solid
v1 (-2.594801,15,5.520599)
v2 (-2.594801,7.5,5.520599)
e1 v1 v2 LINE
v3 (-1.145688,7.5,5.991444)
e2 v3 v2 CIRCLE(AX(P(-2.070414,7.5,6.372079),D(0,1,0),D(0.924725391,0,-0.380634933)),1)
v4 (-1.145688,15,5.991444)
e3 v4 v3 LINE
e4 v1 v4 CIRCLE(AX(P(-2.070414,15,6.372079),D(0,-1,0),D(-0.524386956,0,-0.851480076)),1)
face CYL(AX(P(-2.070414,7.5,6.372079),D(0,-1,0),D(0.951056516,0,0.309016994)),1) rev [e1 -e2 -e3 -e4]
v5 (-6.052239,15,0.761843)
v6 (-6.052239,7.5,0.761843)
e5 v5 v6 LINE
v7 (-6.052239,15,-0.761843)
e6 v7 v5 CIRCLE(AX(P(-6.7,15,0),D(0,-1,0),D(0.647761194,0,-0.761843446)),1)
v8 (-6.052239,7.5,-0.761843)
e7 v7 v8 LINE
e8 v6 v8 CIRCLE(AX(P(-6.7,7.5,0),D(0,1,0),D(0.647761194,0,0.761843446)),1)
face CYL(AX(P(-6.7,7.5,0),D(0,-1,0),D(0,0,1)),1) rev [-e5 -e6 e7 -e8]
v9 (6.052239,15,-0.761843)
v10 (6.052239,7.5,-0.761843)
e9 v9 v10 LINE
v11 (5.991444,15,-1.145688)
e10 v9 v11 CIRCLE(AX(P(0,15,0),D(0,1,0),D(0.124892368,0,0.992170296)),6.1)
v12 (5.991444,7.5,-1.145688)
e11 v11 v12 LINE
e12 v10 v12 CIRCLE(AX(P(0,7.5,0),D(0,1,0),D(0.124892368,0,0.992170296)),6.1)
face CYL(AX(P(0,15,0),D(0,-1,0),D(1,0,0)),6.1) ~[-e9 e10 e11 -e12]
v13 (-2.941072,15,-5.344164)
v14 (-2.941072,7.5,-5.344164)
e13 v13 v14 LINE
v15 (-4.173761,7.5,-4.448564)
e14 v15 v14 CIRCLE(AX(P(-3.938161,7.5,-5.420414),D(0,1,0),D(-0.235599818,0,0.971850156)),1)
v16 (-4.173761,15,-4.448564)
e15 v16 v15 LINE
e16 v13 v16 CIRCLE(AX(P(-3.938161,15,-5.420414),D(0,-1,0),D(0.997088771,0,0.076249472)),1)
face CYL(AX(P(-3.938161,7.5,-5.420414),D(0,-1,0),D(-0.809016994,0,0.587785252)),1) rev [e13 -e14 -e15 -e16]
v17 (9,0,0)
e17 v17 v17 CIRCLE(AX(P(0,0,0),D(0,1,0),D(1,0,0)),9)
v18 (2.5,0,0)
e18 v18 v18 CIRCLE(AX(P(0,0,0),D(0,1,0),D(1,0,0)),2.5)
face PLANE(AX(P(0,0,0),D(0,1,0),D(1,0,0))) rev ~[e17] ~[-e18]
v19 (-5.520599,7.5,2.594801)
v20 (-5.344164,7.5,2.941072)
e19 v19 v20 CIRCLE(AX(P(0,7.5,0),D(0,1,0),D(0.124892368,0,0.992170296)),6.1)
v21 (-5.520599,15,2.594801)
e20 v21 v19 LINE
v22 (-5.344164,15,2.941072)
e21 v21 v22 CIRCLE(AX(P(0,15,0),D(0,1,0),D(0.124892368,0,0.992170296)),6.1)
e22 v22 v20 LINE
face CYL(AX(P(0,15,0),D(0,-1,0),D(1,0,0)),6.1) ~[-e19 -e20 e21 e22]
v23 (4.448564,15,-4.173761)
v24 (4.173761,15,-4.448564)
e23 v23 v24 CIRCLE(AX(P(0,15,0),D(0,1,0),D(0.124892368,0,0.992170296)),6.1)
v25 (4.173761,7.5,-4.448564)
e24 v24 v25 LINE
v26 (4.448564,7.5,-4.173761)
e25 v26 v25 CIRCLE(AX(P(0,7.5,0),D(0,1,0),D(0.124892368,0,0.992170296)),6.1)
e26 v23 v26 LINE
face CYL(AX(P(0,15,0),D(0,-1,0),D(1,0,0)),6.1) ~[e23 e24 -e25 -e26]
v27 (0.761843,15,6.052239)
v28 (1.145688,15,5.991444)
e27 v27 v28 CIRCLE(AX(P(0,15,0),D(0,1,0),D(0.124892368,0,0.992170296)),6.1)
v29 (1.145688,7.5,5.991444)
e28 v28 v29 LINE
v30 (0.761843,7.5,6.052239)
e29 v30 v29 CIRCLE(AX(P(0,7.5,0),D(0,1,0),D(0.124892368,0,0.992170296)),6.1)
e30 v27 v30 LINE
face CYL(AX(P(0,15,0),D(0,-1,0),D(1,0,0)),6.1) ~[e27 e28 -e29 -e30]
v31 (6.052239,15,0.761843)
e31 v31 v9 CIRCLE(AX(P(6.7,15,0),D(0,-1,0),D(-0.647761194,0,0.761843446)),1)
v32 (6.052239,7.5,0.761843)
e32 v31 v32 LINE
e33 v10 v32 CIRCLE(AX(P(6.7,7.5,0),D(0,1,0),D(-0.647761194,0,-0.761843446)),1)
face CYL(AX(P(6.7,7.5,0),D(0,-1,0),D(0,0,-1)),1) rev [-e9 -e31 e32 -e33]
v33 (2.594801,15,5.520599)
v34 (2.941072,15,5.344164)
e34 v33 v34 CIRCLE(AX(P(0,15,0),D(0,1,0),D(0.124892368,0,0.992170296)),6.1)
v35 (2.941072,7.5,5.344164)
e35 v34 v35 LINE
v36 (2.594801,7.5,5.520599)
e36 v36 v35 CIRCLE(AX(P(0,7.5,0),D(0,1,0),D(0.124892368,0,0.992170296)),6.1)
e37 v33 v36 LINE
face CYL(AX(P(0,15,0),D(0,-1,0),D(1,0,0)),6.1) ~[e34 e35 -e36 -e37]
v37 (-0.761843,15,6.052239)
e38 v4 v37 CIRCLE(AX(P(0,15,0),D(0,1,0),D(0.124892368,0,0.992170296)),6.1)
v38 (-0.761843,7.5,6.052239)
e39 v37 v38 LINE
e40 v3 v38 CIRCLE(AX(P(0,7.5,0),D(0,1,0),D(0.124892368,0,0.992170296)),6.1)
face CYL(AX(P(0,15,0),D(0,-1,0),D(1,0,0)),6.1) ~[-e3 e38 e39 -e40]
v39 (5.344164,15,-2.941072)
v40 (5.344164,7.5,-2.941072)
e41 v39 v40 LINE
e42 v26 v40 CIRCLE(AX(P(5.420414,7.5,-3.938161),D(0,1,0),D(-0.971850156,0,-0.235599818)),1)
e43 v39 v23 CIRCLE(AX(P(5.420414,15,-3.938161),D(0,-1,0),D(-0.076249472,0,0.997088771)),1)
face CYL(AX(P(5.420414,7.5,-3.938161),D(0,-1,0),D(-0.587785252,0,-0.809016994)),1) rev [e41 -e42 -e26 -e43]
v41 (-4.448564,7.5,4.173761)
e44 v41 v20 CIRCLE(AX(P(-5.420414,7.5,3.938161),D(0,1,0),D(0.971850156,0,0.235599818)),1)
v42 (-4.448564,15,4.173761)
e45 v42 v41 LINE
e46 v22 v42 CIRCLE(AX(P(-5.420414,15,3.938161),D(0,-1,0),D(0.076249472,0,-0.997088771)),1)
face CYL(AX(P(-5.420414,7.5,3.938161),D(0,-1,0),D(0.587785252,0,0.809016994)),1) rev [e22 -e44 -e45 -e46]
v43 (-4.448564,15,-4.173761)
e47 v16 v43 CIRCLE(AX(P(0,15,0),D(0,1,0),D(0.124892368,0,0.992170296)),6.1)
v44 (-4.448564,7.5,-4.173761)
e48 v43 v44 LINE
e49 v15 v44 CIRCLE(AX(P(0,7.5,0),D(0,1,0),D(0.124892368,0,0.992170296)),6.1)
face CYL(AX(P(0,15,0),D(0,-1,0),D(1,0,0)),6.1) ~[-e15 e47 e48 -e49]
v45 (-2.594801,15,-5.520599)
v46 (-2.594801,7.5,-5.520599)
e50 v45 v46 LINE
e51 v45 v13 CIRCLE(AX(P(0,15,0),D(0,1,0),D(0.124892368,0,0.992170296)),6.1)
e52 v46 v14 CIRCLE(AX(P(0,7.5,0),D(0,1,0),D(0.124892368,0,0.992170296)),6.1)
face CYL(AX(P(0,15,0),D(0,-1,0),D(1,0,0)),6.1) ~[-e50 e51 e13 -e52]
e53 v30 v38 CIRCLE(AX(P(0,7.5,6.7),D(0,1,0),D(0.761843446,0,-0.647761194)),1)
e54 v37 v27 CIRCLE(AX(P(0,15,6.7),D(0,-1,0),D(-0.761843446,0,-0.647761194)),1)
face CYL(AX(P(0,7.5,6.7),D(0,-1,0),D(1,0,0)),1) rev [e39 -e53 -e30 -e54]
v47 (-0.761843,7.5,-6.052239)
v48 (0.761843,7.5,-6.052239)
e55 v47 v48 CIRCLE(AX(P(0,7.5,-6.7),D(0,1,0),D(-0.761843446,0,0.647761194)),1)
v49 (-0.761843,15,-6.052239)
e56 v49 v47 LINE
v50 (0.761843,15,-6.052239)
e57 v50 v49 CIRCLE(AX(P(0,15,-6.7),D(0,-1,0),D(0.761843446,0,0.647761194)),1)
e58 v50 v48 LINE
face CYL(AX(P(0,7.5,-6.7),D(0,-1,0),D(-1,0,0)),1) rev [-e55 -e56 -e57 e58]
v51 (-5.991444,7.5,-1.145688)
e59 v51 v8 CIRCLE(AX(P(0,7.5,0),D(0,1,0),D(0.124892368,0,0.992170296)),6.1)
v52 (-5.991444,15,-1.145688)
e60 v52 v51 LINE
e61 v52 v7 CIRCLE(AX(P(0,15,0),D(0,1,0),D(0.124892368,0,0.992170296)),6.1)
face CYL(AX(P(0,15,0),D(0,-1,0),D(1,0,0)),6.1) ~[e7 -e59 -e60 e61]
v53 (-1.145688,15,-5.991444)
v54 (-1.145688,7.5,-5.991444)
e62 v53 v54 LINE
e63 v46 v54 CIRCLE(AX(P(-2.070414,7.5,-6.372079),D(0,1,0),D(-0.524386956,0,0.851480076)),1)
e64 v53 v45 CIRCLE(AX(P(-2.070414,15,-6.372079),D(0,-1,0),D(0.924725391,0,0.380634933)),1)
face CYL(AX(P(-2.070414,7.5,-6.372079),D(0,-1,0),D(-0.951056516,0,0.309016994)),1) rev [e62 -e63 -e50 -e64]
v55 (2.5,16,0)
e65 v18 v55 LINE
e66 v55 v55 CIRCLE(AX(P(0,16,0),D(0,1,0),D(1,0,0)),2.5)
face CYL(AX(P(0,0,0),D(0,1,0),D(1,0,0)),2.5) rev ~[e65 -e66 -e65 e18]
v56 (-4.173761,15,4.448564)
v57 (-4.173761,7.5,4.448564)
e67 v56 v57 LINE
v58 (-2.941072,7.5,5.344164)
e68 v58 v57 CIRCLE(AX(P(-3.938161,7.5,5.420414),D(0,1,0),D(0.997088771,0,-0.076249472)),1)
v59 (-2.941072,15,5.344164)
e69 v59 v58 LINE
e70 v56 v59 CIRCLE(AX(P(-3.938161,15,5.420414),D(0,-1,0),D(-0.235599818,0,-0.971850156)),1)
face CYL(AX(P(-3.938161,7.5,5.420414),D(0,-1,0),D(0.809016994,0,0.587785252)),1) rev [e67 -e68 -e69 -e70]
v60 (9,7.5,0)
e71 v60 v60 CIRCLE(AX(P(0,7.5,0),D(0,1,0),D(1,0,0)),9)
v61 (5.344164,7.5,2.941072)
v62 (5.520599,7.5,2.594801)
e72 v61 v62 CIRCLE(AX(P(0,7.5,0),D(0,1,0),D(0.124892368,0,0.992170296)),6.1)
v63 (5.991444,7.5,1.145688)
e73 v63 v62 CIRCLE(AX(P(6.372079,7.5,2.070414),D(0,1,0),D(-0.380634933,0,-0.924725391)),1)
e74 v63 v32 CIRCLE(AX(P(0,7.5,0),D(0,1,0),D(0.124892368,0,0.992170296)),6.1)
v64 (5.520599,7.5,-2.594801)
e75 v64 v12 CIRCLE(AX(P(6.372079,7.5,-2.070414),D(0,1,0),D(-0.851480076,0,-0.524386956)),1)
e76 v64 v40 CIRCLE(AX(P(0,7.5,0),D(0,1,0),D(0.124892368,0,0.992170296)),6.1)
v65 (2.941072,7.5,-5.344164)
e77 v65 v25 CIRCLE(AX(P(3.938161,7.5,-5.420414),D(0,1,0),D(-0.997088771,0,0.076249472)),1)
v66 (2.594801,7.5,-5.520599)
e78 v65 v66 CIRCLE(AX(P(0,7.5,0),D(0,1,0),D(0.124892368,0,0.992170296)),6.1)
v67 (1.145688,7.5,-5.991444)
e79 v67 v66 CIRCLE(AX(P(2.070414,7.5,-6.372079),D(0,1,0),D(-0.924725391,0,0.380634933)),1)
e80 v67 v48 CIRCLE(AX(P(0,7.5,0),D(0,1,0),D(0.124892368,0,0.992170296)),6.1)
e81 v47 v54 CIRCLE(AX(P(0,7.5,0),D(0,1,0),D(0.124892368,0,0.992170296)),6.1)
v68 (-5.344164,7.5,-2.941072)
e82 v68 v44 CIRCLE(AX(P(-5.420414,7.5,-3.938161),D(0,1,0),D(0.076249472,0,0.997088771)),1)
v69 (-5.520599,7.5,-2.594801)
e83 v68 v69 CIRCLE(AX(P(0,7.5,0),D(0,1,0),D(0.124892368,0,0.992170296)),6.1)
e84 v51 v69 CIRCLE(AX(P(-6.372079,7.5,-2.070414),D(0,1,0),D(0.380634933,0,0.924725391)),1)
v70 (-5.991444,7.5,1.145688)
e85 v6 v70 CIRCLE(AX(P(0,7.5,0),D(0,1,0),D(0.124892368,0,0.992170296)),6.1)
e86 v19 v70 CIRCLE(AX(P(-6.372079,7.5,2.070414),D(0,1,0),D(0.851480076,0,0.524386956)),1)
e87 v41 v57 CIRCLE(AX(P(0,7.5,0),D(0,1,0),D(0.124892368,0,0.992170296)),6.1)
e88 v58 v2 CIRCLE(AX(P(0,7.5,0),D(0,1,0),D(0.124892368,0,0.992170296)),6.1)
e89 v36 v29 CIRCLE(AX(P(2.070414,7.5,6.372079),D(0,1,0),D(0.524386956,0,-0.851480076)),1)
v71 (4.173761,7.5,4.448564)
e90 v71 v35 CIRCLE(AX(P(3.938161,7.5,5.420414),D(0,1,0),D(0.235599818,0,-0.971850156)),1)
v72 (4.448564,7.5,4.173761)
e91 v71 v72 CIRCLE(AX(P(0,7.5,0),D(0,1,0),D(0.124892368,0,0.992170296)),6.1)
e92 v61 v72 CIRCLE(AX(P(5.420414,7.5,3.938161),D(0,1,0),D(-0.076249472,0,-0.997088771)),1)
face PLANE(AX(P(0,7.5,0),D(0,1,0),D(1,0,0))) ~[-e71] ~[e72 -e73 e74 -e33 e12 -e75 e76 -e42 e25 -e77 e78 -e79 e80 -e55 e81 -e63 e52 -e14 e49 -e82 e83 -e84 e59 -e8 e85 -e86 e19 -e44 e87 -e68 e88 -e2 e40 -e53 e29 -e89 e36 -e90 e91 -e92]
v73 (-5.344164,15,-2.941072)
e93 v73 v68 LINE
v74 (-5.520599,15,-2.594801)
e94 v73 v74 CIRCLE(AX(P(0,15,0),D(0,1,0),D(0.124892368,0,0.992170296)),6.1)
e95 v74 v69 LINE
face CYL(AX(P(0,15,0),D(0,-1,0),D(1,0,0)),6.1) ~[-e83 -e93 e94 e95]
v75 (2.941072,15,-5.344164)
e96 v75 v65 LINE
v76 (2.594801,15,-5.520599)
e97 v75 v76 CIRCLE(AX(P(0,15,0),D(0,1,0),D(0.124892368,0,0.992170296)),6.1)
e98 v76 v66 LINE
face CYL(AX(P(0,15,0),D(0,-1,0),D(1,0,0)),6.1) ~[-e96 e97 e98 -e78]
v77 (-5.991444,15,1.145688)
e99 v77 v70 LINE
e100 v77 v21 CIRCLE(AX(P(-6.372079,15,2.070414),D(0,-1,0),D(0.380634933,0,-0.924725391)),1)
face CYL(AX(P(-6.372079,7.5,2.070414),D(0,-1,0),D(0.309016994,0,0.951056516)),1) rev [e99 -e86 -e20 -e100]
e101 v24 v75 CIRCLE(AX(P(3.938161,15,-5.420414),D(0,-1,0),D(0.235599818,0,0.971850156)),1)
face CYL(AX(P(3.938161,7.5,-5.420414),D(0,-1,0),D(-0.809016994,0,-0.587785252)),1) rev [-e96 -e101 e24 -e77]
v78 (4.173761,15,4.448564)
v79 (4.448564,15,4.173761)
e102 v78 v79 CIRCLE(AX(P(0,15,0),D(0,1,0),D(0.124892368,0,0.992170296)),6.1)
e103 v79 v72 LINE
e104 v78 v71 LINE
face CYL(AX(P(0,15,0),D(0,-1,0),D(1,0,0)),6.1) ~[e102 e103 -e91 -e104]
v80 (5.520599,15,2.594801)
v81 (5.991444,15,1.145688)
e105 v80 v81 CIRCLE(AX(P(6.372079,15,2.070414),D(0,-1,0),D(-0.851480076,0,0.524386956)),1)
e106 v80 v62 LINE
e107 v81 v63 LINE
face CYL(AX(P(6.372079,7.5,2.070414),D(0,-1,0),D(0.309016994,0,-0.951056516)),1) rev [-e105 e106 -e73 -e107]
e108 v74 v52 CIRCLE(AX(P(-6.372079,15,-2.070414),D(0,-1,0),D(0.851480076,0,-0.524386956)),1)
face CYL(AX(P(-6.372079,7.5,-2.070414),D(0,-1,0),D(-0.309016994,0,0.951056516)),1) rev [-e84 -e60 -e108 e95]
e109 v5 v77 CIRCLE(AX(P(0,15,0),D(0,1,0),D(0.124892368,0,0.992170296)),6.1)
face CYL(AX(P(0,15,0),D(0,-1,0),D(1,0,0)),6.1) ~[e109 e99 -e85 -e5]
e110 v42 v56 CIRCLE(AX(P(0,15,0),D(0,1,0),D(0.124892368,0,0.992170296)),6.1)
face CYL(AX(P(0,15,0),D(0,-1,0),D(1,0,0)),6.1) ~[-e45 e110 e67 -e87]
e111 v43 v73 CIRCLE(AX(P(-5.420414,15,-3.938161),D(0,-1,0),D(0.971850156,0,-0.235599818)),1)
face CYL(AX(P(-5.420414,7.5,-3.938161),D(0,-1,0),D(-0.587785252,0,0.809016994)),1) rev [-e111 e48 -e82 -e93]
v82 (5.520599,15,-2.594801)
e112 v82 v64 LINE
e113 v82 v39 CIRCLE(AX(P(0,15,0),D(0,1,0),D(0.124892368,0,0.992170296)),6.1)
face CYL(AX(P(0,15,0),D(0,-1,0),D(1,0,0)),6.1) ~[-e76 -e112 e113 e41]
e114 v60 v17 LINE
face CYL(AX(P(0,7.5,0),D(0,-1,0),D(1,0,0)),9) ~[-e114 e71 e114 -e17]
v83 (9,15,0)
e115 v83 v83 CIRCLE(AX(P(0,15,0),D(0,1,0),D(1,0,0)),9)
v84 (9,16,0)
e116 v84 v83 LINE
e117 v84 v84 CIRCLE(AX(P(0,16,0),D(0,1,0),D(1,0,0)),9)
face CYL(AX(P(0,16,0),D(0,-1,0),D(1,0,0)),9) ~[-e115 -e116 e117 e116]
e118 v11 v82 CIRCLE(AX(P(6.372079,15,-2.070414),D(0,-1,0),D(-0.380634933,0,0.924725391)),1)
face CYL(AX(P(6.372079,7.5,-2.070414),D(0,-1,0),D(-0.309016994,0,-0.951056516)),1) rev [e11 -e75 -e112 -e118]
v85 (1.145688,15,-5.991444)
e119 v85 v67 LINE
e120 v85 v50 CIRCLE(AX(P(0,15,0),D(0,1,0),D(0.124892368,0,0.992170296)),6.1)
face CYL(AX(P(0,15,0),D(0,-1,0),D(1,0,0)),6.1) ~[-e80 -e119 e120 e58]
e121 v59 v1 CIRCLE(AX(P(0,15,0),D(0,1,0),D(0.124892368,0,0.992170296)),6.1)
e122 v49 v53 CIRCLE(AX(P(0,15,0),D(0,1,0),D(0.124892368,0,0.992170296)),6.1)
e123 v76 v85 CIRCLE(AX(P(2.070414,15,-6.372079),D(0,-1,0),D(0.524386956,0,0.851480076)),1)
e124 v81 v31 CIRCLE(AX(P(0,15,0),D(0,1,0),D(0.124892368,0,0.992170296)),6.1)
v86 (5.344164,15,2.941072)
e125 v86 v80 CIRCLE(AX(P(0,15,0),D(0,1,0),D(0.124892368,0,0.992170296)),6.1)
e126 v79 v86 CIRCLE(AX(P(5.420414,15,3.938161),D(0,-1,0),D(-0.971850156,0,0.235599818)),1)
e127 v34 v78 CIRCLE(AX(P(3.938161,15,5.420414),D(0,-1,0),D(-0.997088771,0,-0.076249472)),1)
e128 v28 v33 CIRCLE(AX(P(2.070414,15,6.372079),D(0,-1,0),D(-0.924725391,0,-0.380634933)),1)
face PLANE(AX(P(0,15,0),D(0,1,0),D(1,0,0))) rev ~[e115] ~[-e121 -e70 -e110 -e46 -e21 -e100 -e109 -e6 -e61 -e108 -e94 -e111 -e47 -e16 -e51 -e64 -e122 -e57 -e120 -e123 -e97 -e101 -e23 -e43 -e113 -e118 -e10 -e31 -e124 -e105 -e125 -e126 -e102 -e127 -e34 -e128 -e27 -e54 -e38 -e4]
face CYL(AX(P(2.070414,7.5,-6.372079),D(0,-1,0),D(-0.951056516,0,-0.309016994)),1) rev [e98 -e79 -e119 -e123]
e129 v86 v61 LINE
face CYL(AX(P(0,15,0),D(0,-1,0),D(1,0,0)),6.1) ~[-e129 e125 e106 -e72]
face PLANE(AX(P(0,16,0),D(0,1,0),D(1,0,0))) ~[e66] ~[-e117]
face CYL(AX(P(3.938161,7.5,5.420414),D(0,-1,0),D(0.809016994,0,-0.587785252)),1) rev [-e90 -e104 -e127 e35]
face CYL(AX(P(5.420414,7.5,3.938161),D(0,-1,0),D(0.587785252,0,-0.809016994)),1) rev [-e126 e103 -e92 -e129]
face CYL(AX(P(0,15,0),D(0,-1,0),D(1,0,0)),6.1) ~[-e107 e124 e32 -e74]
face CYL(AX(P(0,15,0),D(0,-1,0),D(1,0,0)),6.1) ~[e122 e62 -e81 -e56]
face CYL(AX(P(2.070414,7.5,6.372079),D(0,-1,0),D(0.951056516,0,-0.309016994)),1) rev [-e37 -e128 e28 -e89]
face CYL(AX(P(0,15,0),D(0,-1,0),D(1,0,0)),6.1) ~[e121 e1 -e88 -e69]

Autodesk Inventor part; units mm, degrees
ref_plane "YZ Plane" through (0, 0, 0) normal (1, 0, 0) x (0, 1, 0)
ref_plane "XZ Plane" through (0, 0, 0) normal (0, 1, 0) x (-1, 0, 0)
ref_plane "XY Plane" through (0, 0, 0) normal (0, 0, 1) x (1, 0, 0)
sketch "Sketch1" plane through (0, 0, 0) normal (0, 0, 1) x (1, 0, 0)
  line L0 (0, 0) -> (0, 16) construction
  line L1 (0, 16) -> (2.5, 16) construction
  line L2 (2.5, 16) -> (9, 16)
  line L3 (9, 16) -> (9, 15)
  line L4 (9, 15) -> (6.1, 15)
  line L5 (6.1, 15) -> (6.1, 7.5)
  line L6 (6.1, 7.5) -> (9, 7.5)
  line L7 (9, 7.5) -> (9, 0)
  line L8 (9, 0) -> (2.5, 0)
  line L9 (2.5, 0) -> (2.5, 16)
  dimension "d0" = 2.5
  dimension "d1" = 7.5
  dimension "d2" = 7.5
  dimension "d3" = 9
  dimension "d4" = 1
  dimension "d6" = 6.1
revolve "Revolution1" add sketch "Sketch1" angle 360 about axis through (0, 0, 0) along (0, 1, 0)
sketch "Sketch2" plane through (0, 7.5, 0) normal (0, 1, 0) x (1, 0, 0)
  line L0 (0, 0) -> (0, -6.7)
  circle A0 centre (0, -6.7) radius 1
  dimension "d8" = 2
  dimension "d9" = 6.7
extrude "Extrusion1" cut sketch "Sketch2" along normal up to surface (7.5 mm away)
pattern_circular "Circular Pattern1" count 20 over 360 about axis through (0, 11.25, 0) along (0, -1, 0) of "Extrusion1"
properties part number "gt2 20t pulley"
